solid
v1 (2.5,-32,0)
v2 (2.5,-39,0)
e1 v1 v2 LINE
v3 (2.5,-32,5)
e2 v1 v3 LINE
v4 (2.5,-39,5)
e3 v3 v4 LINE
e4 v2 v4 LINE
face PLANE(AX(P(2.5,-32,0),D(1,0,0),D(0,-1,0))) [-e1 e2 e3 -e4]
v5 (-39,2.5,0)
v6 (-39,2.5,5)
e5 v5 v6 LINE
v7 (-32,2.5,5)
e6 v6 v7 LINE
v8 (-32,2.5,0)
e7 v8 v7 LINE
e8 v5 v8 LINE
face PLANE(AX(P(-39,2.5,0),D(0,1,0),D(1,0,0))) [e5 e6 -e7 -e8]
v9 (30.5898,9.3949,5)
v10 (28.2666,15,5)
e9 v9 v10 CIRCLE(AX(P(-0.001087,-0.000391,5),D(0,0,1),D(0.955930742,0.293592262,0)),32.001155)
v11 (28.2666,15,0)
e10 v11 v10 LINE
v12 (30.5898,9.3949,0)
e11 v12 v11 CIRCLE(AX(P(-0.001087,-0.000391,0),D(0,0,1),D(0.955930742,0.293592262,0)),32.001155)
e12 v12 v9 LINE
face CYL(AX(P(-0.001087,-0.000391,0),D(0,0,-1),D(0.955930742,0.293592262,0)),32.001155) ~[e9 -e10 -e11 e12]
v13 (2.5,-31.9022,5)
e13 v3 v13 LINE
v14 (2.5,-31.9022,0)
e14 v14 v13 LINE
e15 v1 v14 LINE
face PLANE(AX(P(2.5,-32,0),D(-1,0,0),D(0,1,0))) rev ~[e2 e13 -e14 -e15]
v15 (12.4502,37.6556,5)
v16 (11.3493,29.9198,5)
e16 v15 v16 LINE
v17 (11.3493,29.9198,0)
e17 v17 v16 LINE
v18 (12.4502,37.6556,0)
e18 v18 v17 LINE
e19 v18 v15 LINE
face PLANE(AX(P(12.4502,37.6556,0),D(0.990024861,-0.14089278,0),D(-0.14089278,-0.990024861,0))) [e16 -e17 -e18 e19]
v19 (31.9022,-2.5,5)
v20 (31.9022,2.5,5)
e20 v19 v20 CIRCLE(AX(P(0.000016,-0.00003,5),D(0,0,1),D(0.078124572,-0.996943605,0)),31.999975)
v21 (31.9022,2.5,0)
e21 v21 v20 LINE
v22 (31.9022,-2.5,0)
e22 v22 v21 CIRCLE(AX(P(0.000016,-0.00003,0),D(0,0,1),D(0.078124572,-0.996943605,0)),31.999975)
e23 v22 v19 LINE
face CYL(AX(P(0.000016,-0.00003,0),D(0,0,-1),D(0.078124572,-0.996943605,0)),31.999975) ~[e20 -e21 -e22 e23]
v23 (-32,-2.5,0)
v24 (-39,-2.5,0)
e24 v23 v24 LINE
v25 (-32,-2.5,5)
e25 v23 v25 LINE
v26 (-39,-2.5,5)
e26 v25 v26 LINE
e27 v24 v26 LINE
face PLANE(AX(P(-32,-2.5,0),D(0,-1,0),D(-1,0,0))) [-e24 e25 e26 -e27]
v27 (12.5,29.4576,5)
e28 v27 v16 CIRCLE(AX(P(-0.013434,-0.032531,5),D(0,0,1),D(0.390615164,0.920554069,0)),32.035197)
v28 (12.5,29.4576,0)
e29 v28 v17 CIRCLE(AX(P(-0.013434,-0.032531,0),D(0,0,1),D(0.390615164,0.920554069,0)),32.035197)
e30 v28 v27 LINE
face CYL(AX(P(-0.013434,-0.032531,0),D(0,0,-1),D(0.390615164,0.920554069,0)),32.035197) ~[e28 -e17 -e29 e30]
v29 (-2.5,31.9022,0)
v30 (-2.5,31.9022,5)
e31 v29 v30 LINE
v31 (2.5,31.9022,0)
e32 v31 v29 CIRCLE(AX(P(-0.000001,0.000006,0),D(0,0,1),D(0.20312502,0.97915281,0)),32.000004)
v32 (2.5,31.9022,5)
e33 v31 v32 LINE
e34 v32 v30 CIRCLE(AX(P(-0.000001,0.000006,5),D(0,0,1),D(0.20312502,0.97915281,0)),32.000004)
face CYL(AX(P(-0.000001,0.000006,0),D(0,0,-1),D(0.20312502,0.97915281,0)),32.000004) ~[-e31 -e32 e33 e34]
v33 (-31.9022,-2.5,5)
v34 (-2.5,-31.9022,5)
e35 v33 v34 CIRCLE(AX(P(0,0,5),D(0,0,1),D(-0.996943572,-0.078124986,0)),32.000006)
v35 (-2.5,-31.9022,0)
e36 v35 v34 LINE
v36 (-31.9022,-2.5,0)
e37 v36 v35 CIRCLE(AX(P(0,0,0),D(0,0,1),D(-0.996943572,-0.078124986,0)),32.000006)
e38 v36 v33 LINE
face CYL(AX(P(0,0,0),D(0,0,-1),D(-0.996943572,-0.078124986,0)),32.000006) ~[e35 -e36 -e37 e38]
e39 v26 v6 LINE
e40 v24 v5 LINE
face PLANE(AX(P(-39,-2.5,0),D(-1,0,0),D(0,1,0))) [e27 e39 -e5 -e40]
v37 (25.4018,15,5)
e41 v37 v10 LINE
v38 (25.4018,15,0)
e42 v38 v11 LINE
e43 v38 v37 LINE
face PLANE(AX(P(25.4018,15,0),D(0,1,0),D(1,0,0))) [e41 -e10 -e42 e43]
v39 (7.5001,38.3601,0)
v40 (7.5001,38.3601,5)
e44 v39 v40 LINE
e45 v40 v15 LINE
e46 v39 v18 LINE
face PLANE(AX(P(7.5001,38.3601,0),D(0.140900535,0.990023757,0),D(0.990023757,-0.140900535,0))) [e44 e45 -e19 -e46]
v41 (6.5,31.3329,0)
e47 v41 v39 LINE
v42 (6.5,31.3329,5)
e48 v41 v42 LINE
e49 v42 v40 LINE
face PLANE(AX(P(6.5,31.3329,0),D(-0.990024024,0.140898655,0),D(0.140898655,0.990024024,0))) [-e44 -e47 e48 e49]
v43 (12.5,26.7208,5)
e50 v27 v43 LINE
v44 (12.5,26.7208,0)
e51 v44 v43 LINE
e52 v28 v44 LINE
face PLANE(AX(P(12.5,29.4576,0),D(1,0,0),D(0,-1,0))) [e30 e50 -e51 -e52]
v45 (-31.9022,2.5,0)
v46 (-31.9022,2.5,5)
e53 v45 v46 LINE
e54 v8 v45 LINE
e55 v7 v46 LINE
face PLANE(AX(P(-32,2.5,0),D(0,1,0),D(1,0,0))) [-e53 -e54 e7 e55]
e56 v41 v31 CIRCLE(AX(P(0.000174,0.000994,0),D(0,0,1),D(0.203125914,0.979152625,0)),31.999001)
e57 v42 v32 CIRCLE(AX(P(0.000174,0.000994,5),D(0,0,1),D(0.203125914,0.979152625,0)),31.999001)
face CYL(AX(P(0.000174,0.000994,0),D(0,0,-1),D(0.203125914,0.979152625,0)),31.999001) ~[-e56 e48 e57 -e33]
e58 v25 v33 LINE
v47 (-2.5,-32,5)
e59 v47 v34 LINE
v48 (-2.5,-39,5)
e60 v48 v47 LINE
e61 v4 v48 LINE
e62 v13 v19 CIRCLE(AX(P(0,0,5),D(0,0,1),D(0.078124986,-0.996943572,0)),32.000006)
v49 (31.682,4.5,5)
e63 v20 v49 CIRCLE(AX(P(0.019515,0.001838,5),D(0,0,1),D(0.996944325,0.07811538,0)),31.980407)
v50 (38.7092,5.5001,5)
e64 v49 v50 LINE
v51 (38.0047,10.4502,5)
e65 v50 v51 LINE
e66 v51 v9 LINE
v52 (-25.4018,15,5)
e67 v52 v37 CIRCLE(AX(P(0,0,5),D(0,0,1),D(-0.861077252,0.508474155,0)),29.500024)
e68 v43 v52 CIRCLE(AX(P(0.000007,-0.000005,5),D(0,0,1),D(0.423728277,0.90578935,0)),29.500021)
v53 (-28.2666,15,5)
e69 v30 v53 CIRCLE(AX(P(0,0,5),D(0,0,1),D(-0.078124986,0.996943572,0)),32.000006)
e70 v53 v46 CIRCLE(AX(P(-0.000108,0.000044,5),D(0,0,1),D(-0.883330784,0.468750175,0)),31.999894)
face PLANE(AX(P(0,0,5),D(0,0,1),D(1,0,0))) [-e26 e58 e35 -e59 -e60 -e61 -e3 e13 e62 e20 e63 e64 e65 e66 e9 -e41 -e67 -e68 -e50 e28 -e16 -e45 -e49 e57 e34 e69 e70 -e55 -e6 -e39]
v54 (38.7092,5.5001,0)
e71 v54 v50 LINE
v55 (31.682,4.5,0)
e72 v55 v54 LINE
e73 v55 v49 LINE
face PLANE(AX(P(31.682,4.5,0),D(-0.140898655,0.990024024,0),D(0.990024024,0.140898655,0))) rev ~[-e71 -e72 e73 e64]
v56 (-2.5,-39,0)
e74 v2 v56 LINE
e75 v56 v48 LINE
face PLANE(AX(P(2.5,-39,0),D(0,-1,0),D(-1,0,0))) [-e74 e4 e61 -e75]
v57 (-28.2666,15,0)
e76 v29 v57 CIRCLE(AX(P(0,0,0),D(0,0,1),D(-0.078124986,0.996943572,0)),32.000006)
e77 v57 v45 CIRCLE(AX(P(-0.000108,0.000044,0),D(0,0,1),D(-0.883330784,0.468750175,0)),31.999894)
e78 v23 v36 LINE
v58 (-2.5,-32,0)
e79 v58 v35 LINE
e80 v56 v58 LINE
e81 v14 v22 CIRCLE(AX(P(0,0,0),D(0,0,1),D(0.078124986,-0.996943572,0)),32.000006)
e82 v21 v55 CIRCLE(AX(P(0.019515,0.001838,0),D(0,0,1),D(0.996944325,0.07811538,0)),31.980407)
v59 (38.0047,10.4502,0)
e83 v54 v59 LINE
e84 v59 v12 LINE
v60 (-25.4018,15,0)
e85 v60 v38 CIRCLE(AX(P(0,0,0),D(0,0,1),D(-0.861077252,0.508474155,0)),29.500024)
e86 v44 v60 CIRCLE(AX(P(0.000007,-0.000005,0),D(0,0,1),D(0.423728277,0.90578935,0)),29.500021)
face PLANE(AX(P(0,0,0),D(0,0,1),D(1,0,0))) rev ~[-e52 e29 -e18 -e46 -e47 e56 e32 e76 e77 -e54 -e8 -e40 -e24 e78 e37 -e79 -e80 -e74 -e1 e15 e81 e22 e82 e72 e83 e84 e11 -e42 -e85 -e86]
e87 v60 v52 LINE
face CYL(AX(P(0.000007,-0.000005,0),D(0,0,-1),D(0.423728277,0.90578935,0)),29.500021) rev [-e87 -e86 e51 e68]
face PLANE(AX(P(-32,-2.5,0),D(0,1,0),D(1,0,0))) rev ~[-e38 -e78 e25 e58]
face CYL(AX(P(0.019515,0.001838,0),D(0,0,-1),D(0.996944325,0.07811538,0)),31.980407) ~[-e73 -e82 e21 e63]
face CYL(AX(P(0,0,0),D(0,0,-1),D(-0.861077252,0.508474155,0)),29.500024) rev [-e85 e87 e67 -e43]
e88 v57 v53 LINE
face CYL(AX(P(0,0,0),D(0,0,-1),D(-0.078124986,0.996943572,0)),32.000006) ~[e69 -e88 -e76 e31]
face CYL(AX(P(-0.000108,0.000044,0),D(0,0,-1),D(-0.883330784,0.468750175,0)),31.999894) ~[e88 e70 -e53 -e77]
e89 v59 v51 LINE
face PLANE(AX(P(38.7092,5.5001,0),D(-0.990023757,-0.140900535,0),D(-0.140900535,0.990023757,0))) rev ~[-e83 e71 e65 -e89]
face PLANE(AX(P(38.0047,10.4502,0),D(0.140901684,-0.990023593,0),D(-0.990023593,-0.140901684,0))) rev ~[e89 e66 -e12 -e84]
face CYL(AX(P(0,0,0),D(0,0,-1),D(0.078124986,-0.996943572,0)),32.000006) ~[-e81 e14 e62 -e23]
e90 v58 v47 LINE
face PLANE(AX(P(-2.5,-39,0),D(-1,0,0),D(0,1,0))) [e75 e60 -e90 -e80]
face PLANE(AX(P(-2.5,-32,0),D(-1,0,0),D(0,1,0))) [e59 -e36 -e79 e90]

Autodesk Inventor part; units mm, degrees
ref_plane "YZ Plane" through (0, 0, 0) normal (1, 0, 0) x (0, 1, 0)
ref_plane "XZ Plane" through (0, 0, 0) normal (0, 1, 0) x (-1, 0, 0)
ref_plane "XY Plane" through (0, 0, 0) normal (0, 0, 1) x (1, 0, 0)
sketch "Sketch1" plane through (0, 0, 0) normal (0, 0, 1) x (1, 0, 0)
  arc A0 (-25.4018, 15) -> (25.4018, 15) centre (0, 0) ccw
  line L0 (25.4018, 15) -> (28.2666, 15)
  line L1 (-39, 2.5) -> (-32, 2.5)
  line L2 (-32, -2.5) -> (-39, -2.5)
  line L3 (-39, -2.5) -> (-39, 2.5)
  line L4 (-32, 2.5) -> (-31.9022, 2.5)
  line L5 (-32, -2.5) -> (-31.9022, -2.5)
  line L6 (2.5, -32) -> (2.5, -39)
  line L7 (2.5, -39) -> (-2.5, -39)
  line L8 (-2.5, -39) -> (-2.5, -32)
  line L9 (-2.5, -32) -> (-2.5, -31.9022)
  line L10 (2.5, -32) -> (2.5, -31.9022)
  arc A1 (-28.2666, 15) -> (-31.9022, 2.5) centre (0, 0) ccw
  arc A2 (-31.9022, -2.5) -> (-2.5, -31.9022) centre (0, 0) ccw
  arc A3 (2.5, -31.9022) -> (31.9022, -2.5) centre (0, 0) ccw
  arc A4 (12.5, 26.7208) -> (25.4018, 15) centre (0, 0) ccw
  line L11 (12.5, 29.4576) -> (12.5, 26.7208)
  arc A5 (-2.5, 31.9022) -> (-31.9022, 2.5) centre (0, 0) ccw
  arc A6 (-31.9022, -2.5) -> (-2.5, -31.9022) centre (0, 0) ccw
  arc A7 (2.5, -31.9022) -> (31.9022, -2.5) centre (0, 0) ccw
  line L12 (6.5, 31.3329) -> (7.5001, 38.3601)
  line L13 (6.5, 31.3329) -> (13.598, 31.3329) construction
  line L14 (7.5001, 38.3601) -> (12.4502, 37.6556)
  line L15 (12.4502, 37.6556) -> (11.3493, 29.9198)
  arc A8 (12.5, 29.4576) -> (11.3493, 29.9198) centre (0, 0) ccw
  arc A9 (12.5, 29.4576) -> (11.3493, 29.9198) centre (0, 0) ccw
  arc A10 (6.5, 31.3329) -> (2.5, 31.9022) centre (0, 0) ccw
  arc A11 (6.5, 31.3329) -> (-31.9022, 2.5) centre (0, 0) ccw
  arc A12 (-31.9022, -2.5) -> (-2.5, -31.9022) centre (0, 0) ccw
  arc A13 (2.5, -31.9022) -> (31.9022, -2.5) centre (0, 0) ccw
  line L16 (31.682, 4.5) -> (32.601, 4.5) construction
  line L17 (31.682, 4.5) -> (39.0737, 4.5) construction
  line L18 (-2.5, 31.9022) -> (4.598, 31.9022) construction
  line L19 (31.682, 4.5) -> (38.7092, 5.5001)
  line L20 (31.682, 4.5) -> (38.78, 4.5) construction
  line L21 (38.7092, 5.5001) -> (38.0047, 10.4502)
  line L22 (38.0047, 10.4502) -> (30.5898, 9.3949)
  arc A14 (30.5898, 9.3949) -> (28.2666, 15) centre (0, 0) ccw
  arc A15 (31.9022, 2.5) -> (31.682, 4.5) centre (0, 0) ccw
  arc A16 (30.5898, 9.3949) -> (28.2666, 15) centre (0, 0) ccw
  arc A17 (31.9022, 2.5) -> (31.682, 4.5) centre (0, 0) ccw
  arc A18 (30.5898, 9.3949) -> (28.2666, 15) centre (0, 0) ccw
  arc A19 (31.9022, 2.5) -> (31.682, 4.5) centre (0, 0) ccw
  arc A20 (30.5898, 9.3949) -> (28.2666, 15) centre (0, 0) ccw
  arc A21 (12.5, 29.4576) -> (11.3493, 29.9198) centre (0, 0) ccw
  arc A22 (2.5, -31.9022) -> (31.682, 4.5) centre (0, 0) ccw
  arc A23 (6.5, 31.3329) -> (-31.9022, 2.5) centre (0, 0) ccw
  arc A24 (-31.9022, -2.5) -> (-2.5, -31.9022) centre (0, 0) ccw
  point P0 (11.5, 29.8622)
  point P1 (2.5, 31.9022)
  point P2 (31.9022, -2.5)
  dimension "d78" = 7.098
  dimension "d79" = 81.9
  dimension "d80" = 5
  dimension "d81" = 90
  dimension "d82" = 90
  dimension "d94" = 7.098
  dimension "d95" = 8.1
  dimension "d96" = 5
  dimension "d97" = 90
  dimension "d98" = 90
extrude "Extrusion7" add sketch "Sketch1" along normal blind 5
properties part number "Clip_TestFitV1"
